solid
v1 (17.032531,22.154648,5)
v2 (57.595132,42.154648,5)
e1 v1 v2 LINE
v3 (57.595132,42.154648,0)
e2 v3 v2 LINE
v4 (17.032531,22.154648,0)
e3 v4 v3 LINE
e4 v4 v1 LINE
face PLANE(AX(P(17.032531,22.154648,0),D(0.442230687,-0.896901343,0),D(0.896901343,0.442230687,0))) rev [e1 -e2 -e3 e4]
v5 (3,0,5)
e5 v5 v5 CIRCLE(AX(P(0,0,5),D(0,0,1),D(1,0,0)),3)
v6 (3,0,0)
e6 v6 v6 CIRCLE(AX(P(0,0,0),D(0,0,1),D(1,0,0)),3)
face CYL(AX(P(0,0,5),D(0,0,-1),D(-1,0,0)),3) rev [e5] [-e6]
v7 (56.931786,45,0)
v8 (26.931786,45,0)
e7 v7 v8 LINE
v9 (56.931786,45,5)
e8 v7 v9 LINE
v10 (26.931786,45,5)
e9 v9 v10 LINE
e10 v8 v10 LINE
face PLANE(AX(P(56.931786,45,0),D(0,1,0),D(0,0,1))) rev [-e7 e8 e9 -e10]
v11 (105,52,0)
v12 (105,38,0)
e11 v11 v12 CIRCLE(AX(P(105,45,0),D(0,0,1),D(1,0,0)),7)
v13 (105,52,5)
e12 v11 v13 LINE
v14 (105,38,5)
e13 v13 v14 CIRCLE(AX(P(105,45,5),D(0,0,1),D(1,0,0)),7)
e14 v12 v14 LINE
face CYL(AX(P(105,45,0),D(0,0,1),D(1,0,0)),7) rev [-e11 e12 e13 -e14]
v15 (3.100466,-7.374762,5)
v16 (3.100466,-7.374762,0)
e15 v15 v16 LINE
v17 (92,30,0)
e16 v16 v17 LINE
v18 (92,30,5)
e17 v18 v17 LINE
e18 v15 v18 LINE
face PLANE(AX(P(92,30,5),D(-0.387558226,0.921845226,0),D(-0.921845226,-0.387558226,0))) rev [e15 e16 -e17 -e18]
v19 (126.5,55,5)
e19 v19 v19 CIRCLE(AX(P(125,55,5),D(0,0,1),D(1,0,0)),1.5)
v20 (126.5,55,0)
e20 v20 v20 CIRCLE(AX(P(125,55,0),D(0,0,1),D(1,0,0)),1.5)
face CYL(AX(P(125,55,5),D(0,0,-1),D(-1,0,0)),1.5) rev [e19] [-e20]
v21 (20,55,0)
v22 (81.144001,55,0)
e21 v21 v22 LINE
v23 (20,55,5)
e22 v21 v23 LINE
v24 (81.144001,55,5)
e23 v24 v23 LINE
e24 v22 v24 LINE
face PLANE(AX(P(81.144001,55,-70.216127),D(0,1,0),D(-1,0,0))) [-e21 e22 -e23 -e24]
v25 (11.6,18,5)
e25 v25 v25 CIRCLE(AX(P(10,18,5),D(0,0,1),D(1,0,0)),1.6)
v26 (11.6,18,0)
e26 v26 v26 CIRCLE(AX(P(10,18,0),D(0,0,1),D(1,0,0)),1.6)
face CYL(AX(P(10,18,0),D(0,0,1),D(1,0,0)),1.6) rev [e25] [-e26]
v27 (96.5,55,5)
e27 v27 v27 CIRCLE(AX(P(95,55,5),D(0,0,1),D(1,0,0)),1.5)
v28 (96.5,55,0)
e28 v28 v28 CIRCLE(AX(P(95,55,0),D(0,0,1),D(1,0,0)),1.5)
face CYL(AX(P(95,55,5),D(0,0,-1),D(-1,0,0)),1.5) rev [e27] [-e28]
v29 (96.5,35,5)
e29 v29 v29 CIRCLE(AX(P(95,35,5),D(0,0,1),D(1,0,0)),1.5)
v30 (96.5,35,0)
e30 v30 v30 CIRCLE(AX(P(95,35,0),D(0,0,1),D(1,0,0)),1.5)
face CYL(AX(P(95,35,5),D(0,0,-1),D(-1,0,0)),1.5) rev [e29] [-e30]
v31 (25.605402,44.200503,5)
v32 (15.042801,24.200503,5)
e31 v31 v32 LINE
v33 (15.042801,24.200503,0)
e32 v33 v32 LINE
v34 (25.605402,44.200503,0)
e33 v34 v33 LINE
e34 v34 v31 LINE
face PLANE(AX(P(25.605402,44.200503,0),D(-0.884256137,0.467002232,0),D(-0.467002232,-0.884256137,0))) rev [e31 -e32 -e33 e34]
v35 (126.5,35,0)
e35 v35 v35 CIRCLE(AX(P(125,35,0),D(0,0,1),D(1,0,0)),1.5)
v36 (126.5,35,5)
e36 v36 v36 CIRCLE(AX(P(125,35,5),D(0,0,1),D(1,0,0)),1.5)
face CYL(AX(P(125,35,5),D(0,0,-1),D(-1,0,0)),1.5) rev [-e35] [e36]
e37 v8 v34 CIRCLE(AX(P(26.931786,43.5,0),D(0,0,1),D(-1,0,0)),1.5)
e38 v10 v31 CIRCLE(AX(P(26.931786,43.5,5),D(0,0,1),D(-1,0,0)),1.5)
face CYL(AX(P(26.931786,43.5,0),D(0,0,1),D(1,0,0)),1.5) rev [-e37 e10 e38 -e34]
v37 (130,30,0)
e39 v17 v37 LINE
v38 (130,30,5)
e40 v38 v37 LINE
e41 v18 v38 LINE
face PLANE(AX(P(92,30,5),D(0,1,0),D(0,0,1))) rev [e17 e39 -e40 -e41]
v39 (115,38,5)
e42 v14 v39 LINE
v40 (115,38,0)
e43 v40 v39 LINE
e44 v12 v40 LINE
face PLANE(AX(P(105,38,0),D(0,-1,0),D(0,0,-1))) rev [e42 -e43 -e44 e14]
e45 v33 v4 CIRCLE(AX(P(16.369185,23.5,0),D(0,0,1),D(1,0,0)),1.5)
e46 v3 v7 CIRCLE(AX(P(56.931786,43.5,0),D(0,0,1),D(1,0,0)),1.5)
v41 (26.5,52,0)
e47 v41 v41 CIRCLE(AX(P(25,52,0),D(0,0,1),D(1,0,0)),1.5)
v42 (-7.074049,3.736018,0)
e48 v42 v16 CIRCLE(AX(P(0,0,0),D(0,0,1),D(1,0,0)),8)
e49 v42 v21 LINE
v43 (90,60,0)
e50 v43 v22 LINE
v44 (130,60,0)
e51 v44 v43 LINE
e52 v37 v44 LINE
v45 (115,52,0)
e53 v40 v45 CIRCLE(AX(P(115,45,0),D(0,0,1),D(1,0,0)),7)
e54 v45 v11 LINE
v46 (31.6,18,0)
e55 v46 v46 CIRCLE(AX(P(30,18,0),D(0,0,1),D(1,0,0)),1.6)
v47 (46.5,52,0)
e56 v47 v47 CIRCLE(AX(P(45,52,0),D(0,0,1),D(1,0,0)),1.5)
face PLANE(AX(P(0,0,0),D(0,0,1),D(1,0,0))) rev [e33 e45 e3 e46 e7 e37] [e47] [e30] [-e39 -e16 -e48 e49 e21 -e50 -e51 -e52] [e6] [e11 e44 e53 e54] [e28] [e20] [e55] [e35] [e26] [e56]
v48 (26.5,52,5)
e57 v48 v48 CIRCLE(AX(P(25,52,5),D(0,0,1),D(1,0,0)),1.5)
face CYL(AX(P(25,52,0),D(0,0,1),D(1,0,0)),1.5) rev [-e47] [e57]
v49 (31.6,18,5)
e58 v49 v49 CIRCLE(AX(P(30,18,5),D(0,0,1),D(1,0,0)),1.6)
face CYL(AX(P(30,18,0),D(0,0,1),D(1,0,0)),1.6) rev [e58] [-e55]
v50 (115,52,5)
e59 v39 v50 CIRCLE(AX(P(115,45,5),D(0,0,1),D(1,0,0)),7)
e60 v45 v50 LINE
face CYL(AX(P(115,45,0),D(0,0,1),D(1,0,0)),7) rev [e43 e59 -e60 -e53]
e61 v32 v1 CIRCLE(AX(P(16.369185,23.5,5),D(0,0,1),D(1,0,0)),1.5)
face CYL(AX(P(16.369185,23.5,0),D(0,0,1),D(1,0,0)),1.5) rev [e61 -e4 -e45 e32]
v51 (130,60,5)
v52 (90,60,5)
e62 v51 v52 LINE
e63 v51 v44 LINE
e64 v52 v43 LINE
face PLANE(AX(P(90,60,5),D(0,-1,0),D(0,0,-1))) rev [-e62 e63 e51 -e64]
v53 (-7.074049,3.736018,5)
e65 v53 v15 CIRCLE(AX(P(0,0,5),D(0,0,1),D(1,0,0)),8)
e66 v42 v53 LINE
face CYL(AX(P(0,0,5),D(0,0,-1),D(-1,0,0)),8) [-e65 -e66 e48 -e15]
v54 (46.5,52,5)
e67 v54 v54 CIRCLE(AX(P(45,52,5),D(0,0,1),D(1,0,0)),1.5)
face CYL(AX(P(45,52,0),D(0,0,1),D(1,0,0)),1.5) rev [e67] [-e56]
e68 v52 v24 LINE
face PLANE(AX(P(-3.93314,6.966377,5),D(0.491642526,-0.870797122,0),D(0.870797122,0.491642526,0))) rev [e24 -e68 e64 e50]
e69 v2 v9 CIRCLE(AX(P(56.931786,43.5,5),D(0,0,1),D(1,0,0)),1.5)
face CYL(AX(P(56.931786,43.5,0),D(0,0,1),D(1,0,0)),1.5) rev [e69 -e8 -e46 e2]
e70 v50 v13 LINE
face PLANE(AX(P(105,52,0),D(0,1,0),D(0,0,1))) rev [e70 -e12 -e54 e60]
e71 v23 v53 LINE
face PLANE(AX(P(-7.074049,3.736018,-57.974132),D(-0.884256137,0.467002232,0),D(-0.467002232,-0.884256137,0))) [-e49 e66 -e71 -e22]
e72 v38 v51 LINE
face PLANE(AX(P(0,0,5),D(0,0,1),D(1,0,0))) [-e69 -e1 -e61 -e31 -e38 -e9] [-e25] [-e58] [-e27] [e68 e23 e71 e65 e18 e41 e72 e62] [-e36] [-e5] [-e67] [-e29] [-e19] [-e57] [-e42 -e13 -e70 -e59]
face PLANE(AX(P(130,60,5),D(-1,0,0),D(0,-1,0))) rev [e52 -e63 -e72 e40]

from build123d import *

# Parameters (mm, degrees)
SKETCH_1_R          = 3
SKETCH_1_R_2        = 1.5
EXTRUDE_1_DEPTH     = 5
EXTRUDE_2_DEPTH     = 5
SKETCH_4_R          = 1.5
CUT_EXTRUDE_1_DEPTH = 144.265487819
EXTRUDE_START       = -5
EXTRUDE_3_DEPTH     = 5
CUT_EXTRUDE_2_DEPTH = 144.265487819
SKETCH_7_R          = 1.6
CUT_EXTRUDE_3_DEPTH = 144.265487819


with BuildPart() as part:
    # 草图1 → 凸台-拉伸1 (new body)
    with BuildSketch(Plane.XY):
        with BuildLine():
            Line((-3.933140204, 6.966376973), (90, 60))
            Line((90, 60), (130, 60))
            Line((130, 60), (130, 30))
            Line((130, 30), (92, 30))
            Line((92, 30), (3.100465808, -7.374761811))
            ThreePointArc((3.100465808, -7.374761811), (-7.182645896, -3.522725923), (-3.933140204, 6.966376973))
        make_face()
        Circle(SKETCH_1_R, mode=Mode.SUBTRACT)
        with Locations((95, 55)):
            Circle(SKETCH_1_R_2, mode=Mode.SUBTRACT)
        with Locations((125, 55)):
            Circle(SKETCH_1_R_2, mode=Mode.SUBTRACT)
        with Locations((125, 35)):
            Circle(SKETCH_1_R_2, mode=Mode.SUBTRACT)
        with Locations((95, 35)):
            Circle(SKETCH_1_R_2, mode=Mode.SUBTRACT)
    extrude(amount=EXTRUDE_1_DEPTH)

    # 草图3 → 凸台-拉伸2 (add)
    with BuildSketch(Plane.XY.offset(5)):
        Polygon((81.144001216, 55), (20, 55), (20, 20.478766027), align=None)
    extrude(amount=-EXTRUDE_2_DEPTH)

    # 草图4 → 切除-拉伸1 (cut, through all)
    with BuildSketch(Plane.XY.offset(5)):
        with Locations((25, 52)):
            Circle(SKETCH_4_R)
        with Locations((45, 52)):
            Circle(SKETCH_4_R)
    extrude(amount=-CUT_EXTRUDE_1_DEPTH, mode=Mode.SUBTRACT)

    # 草图6 → 凸台-拉伸3 (add)
    with BuildSketch(Plane.XY.offset(5).offset(EXTRUDE_START)):
        with BuildLine():
            Line((-7.074049095, 3.736017853), (20, 55))
            Line((20, 55), (20, 20.478766027))
            Line((20, 20.478766027), (-3.933140204, 6.966376973))
            ThreePointArc((-3.933140204, 6.966376973), (-5.735709118, 5.576884517), (-7.074049095, 3.736017853))
        make_face()
    extrude(amount=EXTRUDE_3_DEPTH)

    # 草图5 → 切除-拉伸2 (cut, through all)
    with BuildSketch(Plane.XY.offset(5)):
        with BuildLine():
            Line((105, 52), (115, 52))
            ThreePointArc((115, 52), (122, 45), (115, 38))
            Line((115, 38), (105, 38))
            ThreePointArc((105, 38), (98, 45), (105, 52))
        make_face()
        with BuildLine():
            Line((25.605401824, 44.200503347), (15.042800964, 24.200503347))
            ThreePointArc((15.042800964, 24.200503347), (15.293877797, 22.454192152), (17.032531201, 22.154647985))
            Line((17.032531201, 22.154647985), (57.595132061, 42.154647985))
            ThreePointArc((57.595132061, 42.154647985), (58.392612512, 43.840567158), (56.93178603, 45))
            Line((56.93178603, 45), (26.93178603, 45))
            ThreePointArc((26.93178603, 45), (26.157433081, 44.784670195), (25.605401824, 44.200503347))
        make_face()
    extrude(amount=-CUT_EXTRUDE_2_DEPTH, mode=Mode.SUBTRACT)

    # 草图7 → 切除-拉伸3 (cut, through all)
    with BuildSketch(Plane.XY.offset(5)):
        with Locations((10, 18)):
            Circle(SKETCH_7_R)
        with Locations((30, 18)):
            Circle(SKETCH_7_R)
    extrude(amount=-CUT_EXTRUDE_3_DEPTH, mode=Mode.SUBTRACT)


solid = part.part
